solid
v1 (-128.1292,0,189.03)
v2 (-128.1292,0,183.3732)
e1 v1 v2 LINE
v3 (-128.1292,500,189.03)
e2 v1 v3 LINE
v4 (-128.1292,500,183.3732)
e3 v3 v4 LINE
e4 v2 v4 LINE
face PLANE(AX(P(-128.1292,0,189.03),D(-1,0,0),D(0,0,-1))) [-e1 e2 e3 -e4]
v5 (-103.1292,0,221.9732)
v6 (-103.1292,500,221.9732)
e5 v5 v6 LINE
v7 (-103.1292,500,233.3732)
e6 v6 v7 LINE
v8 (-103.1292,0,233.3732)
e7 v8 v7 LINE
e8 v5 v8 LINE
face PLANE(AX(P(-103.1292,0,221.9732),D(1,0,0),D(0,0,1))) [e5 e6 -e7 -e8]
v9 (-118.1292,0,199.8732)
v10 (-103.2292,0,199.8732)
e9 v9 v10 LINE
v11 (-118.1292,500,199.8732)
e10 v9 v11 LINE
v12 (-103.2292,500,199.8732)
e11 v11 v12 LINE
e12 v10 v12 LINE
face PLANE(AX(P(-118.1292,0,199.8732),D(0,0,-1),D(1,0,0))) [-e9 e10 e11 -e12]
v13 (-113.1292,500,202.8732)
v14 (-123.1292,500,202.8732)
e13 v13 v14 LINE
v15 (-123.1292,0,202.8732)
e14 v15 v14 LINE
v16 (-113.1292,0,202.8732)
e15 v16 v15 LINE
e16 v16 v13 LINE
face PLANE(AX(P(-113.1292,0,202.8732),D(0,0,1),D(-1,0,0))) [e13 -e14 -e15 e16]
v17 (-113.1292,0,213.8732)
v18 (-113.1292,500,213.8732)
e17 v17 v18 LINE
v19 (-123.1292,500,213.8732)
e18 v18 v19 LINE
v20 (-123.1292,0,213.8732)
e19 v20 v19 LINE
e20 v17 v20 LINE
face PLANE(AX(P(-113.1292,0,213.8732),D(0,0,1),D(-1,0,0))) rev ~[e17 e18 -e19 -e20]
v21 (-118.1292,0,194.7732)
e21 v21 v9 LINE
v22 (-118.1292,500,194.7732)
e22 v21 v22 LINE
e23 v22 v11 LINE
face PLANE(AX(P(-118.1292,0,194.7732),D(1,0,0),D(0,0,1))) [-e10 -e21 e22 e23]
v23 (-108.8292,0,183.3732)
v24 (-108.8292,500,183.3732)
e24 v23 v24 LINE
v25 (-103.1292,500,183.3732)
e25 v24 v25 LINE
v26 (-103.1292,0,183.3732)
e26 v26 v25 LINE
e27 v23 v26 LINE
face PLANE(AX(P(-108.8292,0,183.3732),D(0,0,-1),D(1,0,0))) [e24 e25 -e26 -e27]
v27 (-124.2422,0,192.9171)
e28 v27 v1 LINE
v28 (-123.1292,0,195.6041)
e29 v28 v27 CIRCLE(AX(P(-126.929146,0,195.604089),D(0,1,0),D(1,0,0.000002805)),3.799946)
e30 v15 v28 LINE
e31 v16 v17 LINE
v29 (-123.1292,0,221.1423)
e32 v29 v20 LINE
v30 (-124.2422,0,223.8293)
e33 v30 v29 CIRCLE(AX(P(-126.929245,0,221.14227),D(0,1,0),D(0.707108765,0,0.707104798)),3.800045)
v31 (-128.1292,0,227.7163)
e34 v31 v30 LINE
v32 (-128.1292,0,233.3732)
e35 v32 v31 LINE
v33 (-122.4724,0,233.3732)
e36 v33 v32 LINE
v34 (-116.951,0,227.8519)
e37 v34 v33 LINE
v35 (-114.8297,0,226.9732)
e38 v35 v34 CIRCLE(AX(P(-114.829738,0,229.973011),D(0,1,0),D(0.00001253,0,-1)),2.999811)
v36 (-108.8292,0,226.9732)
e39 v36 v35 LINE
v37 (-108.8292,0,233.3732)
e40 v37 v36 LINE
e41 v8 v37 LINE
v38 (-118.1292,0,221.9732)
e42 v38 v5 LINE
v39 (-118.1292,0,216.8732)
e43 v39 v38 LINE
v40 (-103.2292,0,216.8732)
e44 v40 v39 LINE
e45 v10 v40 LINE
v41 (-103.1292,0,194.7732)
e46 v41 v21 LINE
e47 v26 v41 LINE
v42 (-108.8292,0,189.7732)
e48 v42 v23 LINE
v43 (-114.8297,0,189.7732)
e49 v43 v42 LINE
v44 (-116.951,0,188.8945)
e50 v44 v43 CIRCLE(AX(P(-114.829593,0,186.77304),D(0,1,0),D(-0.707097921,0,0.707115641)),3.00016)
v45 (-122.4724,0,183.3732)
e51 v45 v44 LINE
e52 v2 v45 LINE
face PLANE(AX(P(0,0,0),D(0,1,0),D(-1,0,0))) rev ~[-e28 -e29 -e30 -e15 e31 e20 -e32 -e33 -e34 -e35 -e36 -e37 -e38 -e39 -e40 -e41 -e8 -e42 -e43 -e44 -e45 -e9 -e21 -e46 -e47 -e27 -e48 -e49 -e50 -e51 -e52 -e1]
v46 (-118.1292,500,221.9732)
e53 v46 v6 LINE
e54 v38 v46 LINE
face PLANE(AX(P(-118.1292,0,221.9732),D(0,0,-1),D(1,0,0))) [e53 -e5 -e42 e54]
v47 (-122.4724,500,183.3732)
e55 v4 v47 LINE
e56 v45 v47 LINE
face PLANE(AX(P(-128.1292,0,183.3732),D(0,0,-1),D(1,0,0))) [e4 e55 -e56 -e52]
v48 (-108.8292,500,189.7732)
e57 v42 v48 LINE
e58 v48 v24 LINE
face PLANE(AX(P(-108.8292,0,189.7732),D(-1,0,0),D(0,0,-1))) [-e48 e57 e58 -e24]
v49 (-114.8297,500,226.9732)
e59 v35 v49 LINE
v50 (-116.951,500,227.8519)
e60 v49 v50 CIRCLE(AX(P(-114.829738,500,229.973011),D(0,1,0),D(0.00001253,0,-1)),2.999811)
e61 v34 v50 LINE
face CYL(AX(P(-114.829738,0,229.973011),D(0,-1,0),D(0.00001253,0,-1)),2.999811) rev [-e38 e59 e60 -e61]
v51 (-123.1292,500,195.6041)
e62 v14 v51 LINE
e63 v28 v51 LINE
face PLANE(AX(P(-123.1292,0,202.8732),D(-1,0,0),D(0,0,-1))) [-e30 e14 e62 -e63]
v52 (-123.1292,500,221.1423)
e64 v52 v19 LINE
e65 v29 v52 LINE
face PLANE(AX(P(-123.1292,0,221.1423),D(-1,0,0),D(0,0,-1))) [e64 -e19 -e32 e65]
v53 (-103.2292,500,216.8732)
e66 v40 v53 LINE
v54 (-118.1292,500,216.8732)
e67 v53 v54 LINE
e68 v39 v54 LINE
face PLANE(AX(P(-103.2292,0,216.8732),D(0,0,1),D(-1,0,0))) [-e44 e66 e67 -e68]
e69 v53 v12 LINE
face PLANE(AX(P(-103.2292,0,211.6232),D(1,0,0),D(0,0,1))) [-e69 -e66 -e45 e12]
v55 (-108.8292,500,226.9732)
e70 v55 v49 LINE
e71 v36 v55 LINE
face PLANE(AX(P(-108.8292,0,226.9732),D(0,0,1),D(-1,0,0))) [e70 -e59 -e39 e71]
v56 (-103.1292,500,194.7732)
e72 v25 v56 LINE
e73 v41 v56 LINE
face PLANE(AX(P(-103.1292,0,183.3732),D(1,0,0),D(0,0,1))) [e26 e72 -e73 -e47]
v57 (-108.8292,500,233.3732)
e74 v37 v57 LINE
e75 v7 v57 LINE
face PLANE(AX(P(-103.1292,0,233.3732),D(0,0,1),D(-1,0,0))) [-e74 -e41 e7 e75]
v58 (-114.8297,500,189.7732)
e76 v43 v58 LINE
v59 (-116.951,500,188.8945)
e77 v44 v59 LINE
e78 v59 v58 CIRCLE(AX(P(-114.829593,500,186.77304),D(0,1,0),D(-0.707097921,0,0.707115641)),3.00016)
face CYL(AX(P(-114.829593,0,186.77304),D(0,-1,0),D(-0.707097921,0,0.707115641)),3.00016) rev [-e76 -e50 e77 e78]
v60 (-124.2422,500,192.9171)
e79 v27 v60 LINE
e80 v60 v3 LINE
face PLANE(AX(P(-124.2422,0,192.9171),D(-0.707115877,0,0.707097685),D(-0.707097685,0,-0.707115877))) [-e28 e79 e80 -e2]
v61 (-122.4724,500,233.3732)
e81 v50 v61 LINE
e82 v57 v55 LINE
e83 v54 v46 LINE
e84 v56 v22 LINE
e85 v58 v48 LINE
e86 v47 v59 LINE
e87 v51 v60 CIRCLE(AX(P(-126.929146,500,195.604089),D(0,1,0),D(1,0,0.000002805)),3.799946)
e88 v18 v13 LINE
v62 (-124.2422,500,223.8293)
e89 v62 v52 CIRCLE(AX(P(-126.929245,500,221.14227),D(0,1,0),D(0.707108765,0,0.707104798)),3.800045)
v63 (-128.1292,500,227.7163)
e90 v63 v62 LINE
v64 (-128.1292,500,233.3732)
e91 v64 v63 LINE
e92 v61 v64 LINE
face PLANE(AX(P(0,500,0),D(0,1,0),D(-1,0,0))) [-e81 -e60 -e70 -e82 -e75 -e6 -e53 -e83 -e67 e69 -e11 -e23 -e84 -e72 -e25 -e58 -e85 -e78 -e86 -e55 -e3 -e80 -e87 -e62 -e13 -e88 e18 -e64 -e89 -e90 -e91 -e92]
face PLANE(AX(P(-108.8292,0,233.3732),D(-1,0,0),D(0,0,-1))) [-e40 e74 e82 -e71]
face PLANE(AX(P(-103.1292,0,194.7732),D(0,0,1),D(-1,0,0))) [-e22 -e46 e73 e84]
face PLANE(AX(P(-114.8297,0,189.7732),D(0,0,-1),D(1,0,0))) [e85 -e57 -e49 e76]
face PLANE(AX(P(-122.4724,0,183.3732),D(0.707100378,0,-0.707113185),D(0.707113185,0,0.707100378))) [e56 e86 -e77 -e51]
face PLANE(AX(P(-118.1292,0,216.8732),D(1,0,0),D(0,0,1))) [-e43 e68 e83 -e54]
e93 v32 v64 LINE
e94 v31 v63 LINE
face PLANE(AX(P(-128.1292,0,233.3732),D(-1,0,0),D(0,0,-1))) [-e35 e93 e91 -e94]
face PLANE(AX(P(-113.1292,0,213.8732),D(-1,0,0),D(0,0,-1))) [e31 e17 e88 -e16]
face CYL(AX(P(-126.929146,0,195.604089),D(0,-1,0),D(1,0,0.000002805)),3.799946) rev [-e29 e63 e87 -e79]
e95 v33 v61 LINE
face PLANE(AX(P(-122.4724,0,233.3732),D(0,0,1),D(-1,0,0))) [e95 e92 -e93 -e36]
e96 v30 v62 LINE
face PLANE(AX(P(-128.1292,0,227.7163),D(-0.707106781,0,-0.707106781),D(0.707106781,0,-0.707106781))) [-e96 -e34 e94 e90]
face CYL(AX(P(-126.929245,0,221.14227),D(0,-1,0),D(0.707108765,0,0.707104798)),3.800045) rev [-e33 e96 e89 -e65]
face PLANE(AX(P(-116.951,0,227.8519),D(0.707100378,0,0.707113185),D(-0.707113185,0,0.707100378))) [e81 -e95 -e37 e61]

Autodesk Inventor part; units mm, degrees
ref_plane "YZ Plane" through (0, 0, 0) normal (1, 0, 0) x (0, 1, 0)
ref_plane "XZ Plane" through (0, 0, 0) normal (0, 1, 0) x (-1, 0, 0)
ref_plane "XY Plane" through (0, 0, 0) normal (0, 0, 1) x (1, 0, 0)
sketch "スケッチ1" plane through (0, 0, 0) normal (0, 1, 0) x (-1, 0, 0)
  line L0 (192.8837, 109.7192) -> (992.8837, 109.7192)
  line L1 (722.1337, 89.7192) -> (722.1337, 99.7192)
  line L2 (596.1337, 89.7192) -> (596.1337, 99.7192)
  line L3 (113.1292, 213.8732) -> (123.1292, 213.8732)
  line L4 (663.6337, 89.7192) -> (663.6337, 99.7192)
  line L5 (661.3837, 109.7192) -> (661.3837, 99.7192)
  line L6 (113.1292, 205.1232) -> (103.2292, 205.1232)
  line L7 (724.3837, 99.7192) -> (724.3837, 109.7192)
  line L8 (103.2292, 211.6232) -> (113.1292, 211.6232)
  line L9 (861.3837, 99.7192) -> (861.3837, 109.7192)
  line L10 (113.1292, 202.8732) -> (123.1292, 202.8732)
  line L11 (661.3837, 99.7192) -> (724.3837, 99.7192)
  line L12 (261.3837, 99.7192) -> (324.3837, 99.7192)
  line L13 (223.3837, 99.7192) -> (223.3837, 109.7192)
  line L14 (212.3837, 109.7192) -> (212.3837, 99.7192)
  line L15 (208.3837, 99.7192) -> (208.3837, 109.7192)
  line L16 (197.3837, 109.7192) -> (197.3837, 99.7192)
  line L17 (113.1292, 213.8732) -> (113.1292, 202.8732)
  line L18 (199.6337, 99.7192) -> (199.6337, 89.7192)
  line L19 (206.1337, 89.7192) -> (206.1337, 99.7192)
  line L20 (197.3837, 99.7192) -> (208.3837, 99.7192)
  line L21 (212.3837, 99.7192) -> (223.3837, 99.7192)
  line L22 (214.6337, 99.7192) -> (214.6337, 89.7192)
  line L23 (221.1337, 89.7192) -> (221.1337, 99.7192)
  line L24 (261.3837, 99.7192) -> (261.3837, 109.7192)
  line L25 (263.6337, 89.7192) -> (263.6337, 99.7192)
  line L26 (461.3837, 99.7192) -> (524.3837, 99.7192)
  line L27 (324.3837, 99.7192) -> (324.3837, 109.7192)
  line L28 (322.1337, 89.7192) -> (322.1337, 99.7192)
  line L29 (398.3837, 99.7192) -> (398.3837, 109.7192)
  line L30 (387.3837, 99.7192) -> (387.3837, 109.7192)
  line L31 (398.3837, 99.7192) -> (387.3837, 99.7192)
  line L32 (389.6337, 99.7192) -> (389.6337, 89.7192)
  line L33 (396.1337, 89.7192) -> (396.1337, 99.7192)
  line L34 (461.3837, 109.7192) -> (461.3837, 99.7192)
  line L35 (463.6337, 99.7192) -> (463.6337, 89.7192)
  line L36 (524.3837, 99.7192) -> (524.3837, 109.7192)
  line L37 (522.1337, 89.7192) -> (522.1337, 99.7192)
  line L38 (587.3837, 99.7192) -> (587.3837, 109.7192)
  line L39 (598.3837, 99.7192) -> (598.3837, 109.7192)
  line L40 (587.3837, 99.7192) -> (598.3837, 99.7192)
  line L41 (589.6337, 99.7192) -> (589.6337, 89.7192)
  line L42 (798.3837, 99.7192) -> (787.3837, 99.7192)
  line L43 (787.3837, 99.7192) -> (787.3837, 109.7192)
  line L44 (798.3837, 99.7192) -> (798.3837, 109.7192)
  line L45 (789.6337, 99.7192) -> (789.6337, 89.7192)
  line L46 (796.1337, 89.7192) -> (796.1337, 99.7192)
  line L47 (924.3837, 99.7192) -> (861.3837, 99.7192)
  line L48 (863.6337, 89.7192) -> (863.6337, 99.7192)
  line L49 (924.3837, 109.7192) -> (924.3837, 99.7192)
  line L50 (922.1337, 89.7192) -> (922.1337, 99.7192)
  line L51 (962.3837, 99.7192) -> (962.3837, 109.7192)
  line L52 (973.3837, 109.7192) -> (973.3837, 99.7192)
  line L53 (973.3837, 99.7192) -> (962.3837, 99.7192)
  line L54 (964.6337, 99.7192) -> (964.6337, 89.7192)
  line L55 (971.1337, 89.7192) -> (971.1337, 99.7192)
  line L56 (977.3837, 99.7192) -> (977.3837, 109.7192)
  line L57 (988.3837, 109.7192) -> (988.3837, 99.7192)
  line L58 (988.3837, 99.7192) -> (977.3837, 99.7192)
  line L59 (986.1337, 99.7192) -> (986.1337, 89.7192)
  line L60 (979.6337, 89.7192) -> (979.6337, 99.7192)
  line L61 (103.2292, 199.8732) -> (103.2292, 216.8732)
  line L62 (123.1292, 221.1423) -> (123.1292, 195.6041)
  line L63 (118.1292, 194.7732) -> (118.1292, 199.8732)
  line L64 (103.1292, 194.7732) -> (118.1292, 194.7732)
  line L65 (114.8297, 189.7732) -> (108.8292, 189.7732)
  line L66 (103.1292, 183.3732) -> (103.1292, 194.7732)
  line L67 (108.8292, 183.3732) -> (103.1292, 183.3732)
  line L68 (108.8292, 189.7732) -> (108.8292, 183.3732)
  arc A0 (116.951, 188.8945) -> (114.8297, 189.7732) centre (114.8297, 186.7732) ccw
  line L69 (122.4724, 183.3732) -> (116.951, 188.8945)
  arc A1 (123.1292, 195.6041) -> (124.2422, 192.9171) centre (126.9292, 195.6041) ccw
  line L70 (118.1292, 199.8732) -> (103.1292, 199.8732)
  line L71 (116.951, 227.8519) -> (122.4724, 233.3732)
  line L72 (108.8292, 233.3732) -> (108.8292, 226.9732)
  line L73 (103.1292, 221.9732) -> (103.1292, 233.3732)
  line L74 (108.8292, 226.9732) -> (114.8297, 226.9732)
  line L75 (103.1292, 216.8732) -> (118.1292, 216.8732)
  arc A2 (114.8297, 226.9732) -> (116.951, 227.8519) centre (114.8297, 229.9732) ccw
  line L76 (118.1292, 216.8732) -> (118.1292, 221.9732)
  arc A3 (124.2422, 223.8293) -> (123.1292, 221.1423) centre (126.9292, 221.1423) ccw
  line L77 (103.1292, 233.3732) -> (108.8292, 233.3732)
  line L78 (128.1292, 189.03) -> (128.1292, 183.3732)
  line L79 (128.1292, 233.3732) -> (128.1292, 227.7163)
  circle A4 centre (217.8837, 208.3732) radius 5.5
  circle A5 centre (202.8837, 208.3732) radius 5.5
  line L80 (192.8837, 183.3732) -> (192.8837, 233.3732)
  circle A6 centre (202.8837, 208.3732) radius 3.25
  circle A7 centre (217.8837, 208.3732) radius 3.25
  arc A8 (266.8837, 213.8732) -> (266.8837, 202.8732) centre (266.8837, 208.3732) ccw
  arc A9 (266.8837, 211.6232) -> (266.8837, 205.1232) centre (266.8837, 208.3732) ccw
  arc A10 (466.8837, 211.6232) -> (466.8837, 205.1232) centre (466.8837, 208.3732) ccw
  arc A11 (466.8837, 213.8732) -> (466.8837, 202.8732) centre (466.8837, 208.3732) ccw
  arc A12 (318.8837, 202.8732) -> (318.8837, 213.8732) centre (318.8837, 208.3732) ccw
  arc A13 (318.8837, 205.1232) -> (318.8837, 211.6232) centre (318.8837, 208.3732) ccw
  line L81 (118.1292, 221.9732) -> (103.1292, 221.9732)
  circle A14 centre (392.8837, 208.3732) radius 3.25
  line L82 (518.8837, 202.8732) -> (466.8837, 202.8732)
  line L83 (466.8837, 213.8732) -> (518.8837, 213.8732)
  line L84 (518.8837, 205.1232) -> (466.8837, 205.1232)
  line L85 (466.8837, 211.6232) -> (518.8837, 211.6232)
  arc A15 (518.8837, 202.8732) -> (518.8837, 213.8732) centre (518.8837, 208.3732) ccw
  arc A16 (518.8837, 205.1232) -> (518.8837, 211.6232) centre (518.8837, 208.3732) ccw
  circle A17 centre (592.8837, 208.3732) radius 5.5
  circle A18 centre (592.8837, 208.3732) radius 3.25
  line L86 (992.8837, 227.7592) -> (192.8837, 227.7592)
  line L87 (192.8837, 222.6392) -> (992.8837, 222.6392)
  line L88 (992.8837, 194.1072) -> (192.8837, 194.1072)
  line L89 (192.8837, 188.9872) -> (992.8837, 188.9872)
  line L90 (992.8837, 183.3732) -> (192.8837, 183.3732)
  line L91 (192.8837, 233.3732) -> (992.8837, 233.3732)
  circle A19 centre (392.8837, 208.3732) radius 5.5
  line L92 (992.8837, 109.0041) -> (192.8837, 109.0041)
  line L93 (192.8837, 95.4192) -> (992.8837, 95.4192)
  line L94 (992.8837, 114.7192) -> (192.8837, 114.7192)
  line L95 (192.8837, 89.7192) -> (992.8837, 89.7192)
  line L96 (192.8837, 114.7192) -> (192.8837, 89.7192)
  line L97 (318.8837, 211.6232) -> (266.8837, 211.6232)
  line L98 (266.8837, 205.1232) -> (318.8837, 205.1232)
  line L99 (318.8837, 213.8732) -> (266.8837, 213.8732)
  line L100 (266.8837, 202.8732) -> (318.8837, 202.8732)
  line L101 (122.4724, 233.3732) -> (128.1292, 233.3732)
  line L102 (992.8837, 89.7192) -> (992.8837, 114.7192)
  line L103 (128.1292, 183.3732) -> (122.4724, 183.3732)
  line L104 (124.2422, 192.9171) -> (128.1292, 189.03)
  line L105 (128.1292, 227.7163) -> (124.2422, 223.8293)
  line L106 (718.8837, 202.8732) -> (666.8837, 202.8732)
  line L107 (666.8837, 213.8732) -> (718.8837, 213.8732)
  line L108 (718.8837, 205.1232) -> (666.8837, 205.1232)
  line L109 (666.8837, 211.6232) -> (718.8837, 211.6232)
  arc A20 (666.8837, 213.8732) -> (666.8837, 202.8732) centre (666.8837, 208.3732) ccw
  arc A21 (666.8837, 211.6232) -> (666.8837, 205.1232) centre (666.8837, 208.3732) ccw
  arc A22 (718.8837, 202.8732) -> (718.8837, 213.8732) centre (718.8837, 208.3732) ccw
  arc A23 (718.8837, 205.1232) -> (718.8837, 211.6232) centre (718.8837, 208.3732) ccw
  circle A24 centre (792.8837, 208.3732) radius 5.5
  circle A25 centre (792.8837, 208.3732) radius 3.25
  line L110 (918.8837, 202.8732) -> (866.8837, 202.8732)
  line L111 (866.8837, 213.8732) -> (918.8837, 213.8732)
  line L112 (918.8837, 205.1232) -> (866.8837, 205.1232)
  line L113 (866.8837, 211.6232) -> (918.8837, 211.6232)
  arc A26 (866.8837, 213.8732) -> (866.8837, 202.8732) centre (866.8837, 208.3732) ccw
  arc A27 (866.8837, 211.6232) -> (866.8837, 205.1232) centre (866.8837, 208.3732) ccw
  arc A28 (918.8837, 202.8732) -> (918.8837, 213.8732) centre (918.8837, 208.3732) ccw
  arc A29 (918.8837, 205.1232) -> (918.8837, 211.6232) centre (918.8837, 208.3732) ccw
  circle A30 centre (967.8837, 208.3732) radius 5.5
  circle A31 centre (967.8837, 208.3732) radius 3.25
  line L114 (992.8837, 233.3732) -> (992.8837, 183.3732)
  circle A32 centre (982.8837, 208.3732) radius 5.5
  circle A33 centre (982.8837, 208.3732) radius 3.25
  line L115 (217.8837, 202.3244) -> (217.8837, 214.422)
  line L116 (124.452, 208.3732) -> (101.9808, 208.3732)
  line L117 (202.8837, 88.8748) -> (202.8837, 110.4834)
  line L118 (967.8837, 110.2411) -> (967.8837, 88.9362)
  line L119 (866.8837, 202.3361) -> (866.8837, 214.4103)
  line L120 (993.8179, 208.3732) -> (191.2647, 208.3732)
  line L121 (592.8837, 202.2218) -> (592.8837, 214.5246)
  line L122 (892.8837, 214.6548) -> (892.8837, 202.0916)
  line L123 (918.8837, 202.3658) -> (918.8837, 214.3806)
  line L124 (866.8837, 101.8736) -> (866.8837, 88.958)
  line L125 (392.8837, 202.2198) -> (392.8837, 214.5266)
  line L126 (967.8837, 214.5927) -> (967.8837, 202.1537)
  line L127 (202.8837, 214.3834) -> (202.8837, 202.363)
  line L128 (982.8837, 88.8748) -> (982.8837, 110.4834)
  line L129 (982.8837, 202.188) -> (982.8837, 214.5584)
  line L130 (918.8837, 101.732) -> (918.8837, 88.7983)
  line L131 (792.8837, 214.5493) -> (792.8837, 202.1971)
  line L132 (892.8837, 88.3376) -> (892.8837, 110.5911)
  line L133 (666.8837, 202.3361) -> (666.8837, 214.4103)
  line L134 (692.8837, 214.8254) -> (692.8837, 202.2622)
  line L135 (718.8837, 202.2968) -> (718.8837, 214.3116)
  line L136 (266.8837, 202.3361) -> (266.8837, 214.4103)
  line L137 (292.8837, 214.6548) -> (292.8837, 202.0916)
  line L138 (318.8837, 202.3658) -> (318.8837, 214.3806)
  line L139 (466.8837, 202.3361) -> (466.8837, 214.4103)
  line L140 (492.8837, 214.6548) -> (492.8837, 202.0916)
  line L141 (518.8837, 202.3658) -> (518.8837, 214.3806)
  line L142 (466.8837, 101.8736) -> (466.8837, 88.958)
  line L143 (518.8837, 101.732) -> (518.8837, 88.7983)
  line L144 (492.8837, 88.3376) -> (492.8837, 110.5911)
  line L145 (266.8837, 101.8736) -> (266.8837, 88.958)
  line L146 (318.8837, 101.732) -> (318.8837, 88.7983)
  line L147 (292.8837, 88.3376) -> (292.8837, 110.5911)
  line L148 (666.8837, 101.8736) -> (666.8837, 88.958)
  line L149 (718.8837, 101.732) -> (718.8837, 88.7983)
  line L150 (692.8837, 88.3376) -> (692.8837, 110.5911)
  line L151 (792.8837, 88.8748) -> (792.8837, 110.4834)
  line L152 (592.8837, 88.8748) -> (592.8837, 110.4834)
  line L153 (392.8837, 88.8748) -> (392.8837, 110.4834)
  line L154 (217.8837, 88.8748) -> (217.8837, 110.4834)
  point P0 (0, 0)
  point P1 (560.6317, 21.4808)
  point P2 (124.2422, 223.8293)
  point P3 (116.951, 227.8519)
  point P4 (124.2422, 192.9171)
extrude "押し出し1" add sketch "スケッチ1" along normal blind 500 contours L17 L8 L61 L75 L76 L81 L73 L77 L72 L74 A2 L71 L101 L79 L105 A3 L62 L3 | L17 L116 L61 L8 | L17 L6 L61 L116 | L62 A1 L104 L78 L103 L69 A0 L65 L68 L67 L66 L64 L63 L70 L61 L6 L17 L10
properties part number "rale"
